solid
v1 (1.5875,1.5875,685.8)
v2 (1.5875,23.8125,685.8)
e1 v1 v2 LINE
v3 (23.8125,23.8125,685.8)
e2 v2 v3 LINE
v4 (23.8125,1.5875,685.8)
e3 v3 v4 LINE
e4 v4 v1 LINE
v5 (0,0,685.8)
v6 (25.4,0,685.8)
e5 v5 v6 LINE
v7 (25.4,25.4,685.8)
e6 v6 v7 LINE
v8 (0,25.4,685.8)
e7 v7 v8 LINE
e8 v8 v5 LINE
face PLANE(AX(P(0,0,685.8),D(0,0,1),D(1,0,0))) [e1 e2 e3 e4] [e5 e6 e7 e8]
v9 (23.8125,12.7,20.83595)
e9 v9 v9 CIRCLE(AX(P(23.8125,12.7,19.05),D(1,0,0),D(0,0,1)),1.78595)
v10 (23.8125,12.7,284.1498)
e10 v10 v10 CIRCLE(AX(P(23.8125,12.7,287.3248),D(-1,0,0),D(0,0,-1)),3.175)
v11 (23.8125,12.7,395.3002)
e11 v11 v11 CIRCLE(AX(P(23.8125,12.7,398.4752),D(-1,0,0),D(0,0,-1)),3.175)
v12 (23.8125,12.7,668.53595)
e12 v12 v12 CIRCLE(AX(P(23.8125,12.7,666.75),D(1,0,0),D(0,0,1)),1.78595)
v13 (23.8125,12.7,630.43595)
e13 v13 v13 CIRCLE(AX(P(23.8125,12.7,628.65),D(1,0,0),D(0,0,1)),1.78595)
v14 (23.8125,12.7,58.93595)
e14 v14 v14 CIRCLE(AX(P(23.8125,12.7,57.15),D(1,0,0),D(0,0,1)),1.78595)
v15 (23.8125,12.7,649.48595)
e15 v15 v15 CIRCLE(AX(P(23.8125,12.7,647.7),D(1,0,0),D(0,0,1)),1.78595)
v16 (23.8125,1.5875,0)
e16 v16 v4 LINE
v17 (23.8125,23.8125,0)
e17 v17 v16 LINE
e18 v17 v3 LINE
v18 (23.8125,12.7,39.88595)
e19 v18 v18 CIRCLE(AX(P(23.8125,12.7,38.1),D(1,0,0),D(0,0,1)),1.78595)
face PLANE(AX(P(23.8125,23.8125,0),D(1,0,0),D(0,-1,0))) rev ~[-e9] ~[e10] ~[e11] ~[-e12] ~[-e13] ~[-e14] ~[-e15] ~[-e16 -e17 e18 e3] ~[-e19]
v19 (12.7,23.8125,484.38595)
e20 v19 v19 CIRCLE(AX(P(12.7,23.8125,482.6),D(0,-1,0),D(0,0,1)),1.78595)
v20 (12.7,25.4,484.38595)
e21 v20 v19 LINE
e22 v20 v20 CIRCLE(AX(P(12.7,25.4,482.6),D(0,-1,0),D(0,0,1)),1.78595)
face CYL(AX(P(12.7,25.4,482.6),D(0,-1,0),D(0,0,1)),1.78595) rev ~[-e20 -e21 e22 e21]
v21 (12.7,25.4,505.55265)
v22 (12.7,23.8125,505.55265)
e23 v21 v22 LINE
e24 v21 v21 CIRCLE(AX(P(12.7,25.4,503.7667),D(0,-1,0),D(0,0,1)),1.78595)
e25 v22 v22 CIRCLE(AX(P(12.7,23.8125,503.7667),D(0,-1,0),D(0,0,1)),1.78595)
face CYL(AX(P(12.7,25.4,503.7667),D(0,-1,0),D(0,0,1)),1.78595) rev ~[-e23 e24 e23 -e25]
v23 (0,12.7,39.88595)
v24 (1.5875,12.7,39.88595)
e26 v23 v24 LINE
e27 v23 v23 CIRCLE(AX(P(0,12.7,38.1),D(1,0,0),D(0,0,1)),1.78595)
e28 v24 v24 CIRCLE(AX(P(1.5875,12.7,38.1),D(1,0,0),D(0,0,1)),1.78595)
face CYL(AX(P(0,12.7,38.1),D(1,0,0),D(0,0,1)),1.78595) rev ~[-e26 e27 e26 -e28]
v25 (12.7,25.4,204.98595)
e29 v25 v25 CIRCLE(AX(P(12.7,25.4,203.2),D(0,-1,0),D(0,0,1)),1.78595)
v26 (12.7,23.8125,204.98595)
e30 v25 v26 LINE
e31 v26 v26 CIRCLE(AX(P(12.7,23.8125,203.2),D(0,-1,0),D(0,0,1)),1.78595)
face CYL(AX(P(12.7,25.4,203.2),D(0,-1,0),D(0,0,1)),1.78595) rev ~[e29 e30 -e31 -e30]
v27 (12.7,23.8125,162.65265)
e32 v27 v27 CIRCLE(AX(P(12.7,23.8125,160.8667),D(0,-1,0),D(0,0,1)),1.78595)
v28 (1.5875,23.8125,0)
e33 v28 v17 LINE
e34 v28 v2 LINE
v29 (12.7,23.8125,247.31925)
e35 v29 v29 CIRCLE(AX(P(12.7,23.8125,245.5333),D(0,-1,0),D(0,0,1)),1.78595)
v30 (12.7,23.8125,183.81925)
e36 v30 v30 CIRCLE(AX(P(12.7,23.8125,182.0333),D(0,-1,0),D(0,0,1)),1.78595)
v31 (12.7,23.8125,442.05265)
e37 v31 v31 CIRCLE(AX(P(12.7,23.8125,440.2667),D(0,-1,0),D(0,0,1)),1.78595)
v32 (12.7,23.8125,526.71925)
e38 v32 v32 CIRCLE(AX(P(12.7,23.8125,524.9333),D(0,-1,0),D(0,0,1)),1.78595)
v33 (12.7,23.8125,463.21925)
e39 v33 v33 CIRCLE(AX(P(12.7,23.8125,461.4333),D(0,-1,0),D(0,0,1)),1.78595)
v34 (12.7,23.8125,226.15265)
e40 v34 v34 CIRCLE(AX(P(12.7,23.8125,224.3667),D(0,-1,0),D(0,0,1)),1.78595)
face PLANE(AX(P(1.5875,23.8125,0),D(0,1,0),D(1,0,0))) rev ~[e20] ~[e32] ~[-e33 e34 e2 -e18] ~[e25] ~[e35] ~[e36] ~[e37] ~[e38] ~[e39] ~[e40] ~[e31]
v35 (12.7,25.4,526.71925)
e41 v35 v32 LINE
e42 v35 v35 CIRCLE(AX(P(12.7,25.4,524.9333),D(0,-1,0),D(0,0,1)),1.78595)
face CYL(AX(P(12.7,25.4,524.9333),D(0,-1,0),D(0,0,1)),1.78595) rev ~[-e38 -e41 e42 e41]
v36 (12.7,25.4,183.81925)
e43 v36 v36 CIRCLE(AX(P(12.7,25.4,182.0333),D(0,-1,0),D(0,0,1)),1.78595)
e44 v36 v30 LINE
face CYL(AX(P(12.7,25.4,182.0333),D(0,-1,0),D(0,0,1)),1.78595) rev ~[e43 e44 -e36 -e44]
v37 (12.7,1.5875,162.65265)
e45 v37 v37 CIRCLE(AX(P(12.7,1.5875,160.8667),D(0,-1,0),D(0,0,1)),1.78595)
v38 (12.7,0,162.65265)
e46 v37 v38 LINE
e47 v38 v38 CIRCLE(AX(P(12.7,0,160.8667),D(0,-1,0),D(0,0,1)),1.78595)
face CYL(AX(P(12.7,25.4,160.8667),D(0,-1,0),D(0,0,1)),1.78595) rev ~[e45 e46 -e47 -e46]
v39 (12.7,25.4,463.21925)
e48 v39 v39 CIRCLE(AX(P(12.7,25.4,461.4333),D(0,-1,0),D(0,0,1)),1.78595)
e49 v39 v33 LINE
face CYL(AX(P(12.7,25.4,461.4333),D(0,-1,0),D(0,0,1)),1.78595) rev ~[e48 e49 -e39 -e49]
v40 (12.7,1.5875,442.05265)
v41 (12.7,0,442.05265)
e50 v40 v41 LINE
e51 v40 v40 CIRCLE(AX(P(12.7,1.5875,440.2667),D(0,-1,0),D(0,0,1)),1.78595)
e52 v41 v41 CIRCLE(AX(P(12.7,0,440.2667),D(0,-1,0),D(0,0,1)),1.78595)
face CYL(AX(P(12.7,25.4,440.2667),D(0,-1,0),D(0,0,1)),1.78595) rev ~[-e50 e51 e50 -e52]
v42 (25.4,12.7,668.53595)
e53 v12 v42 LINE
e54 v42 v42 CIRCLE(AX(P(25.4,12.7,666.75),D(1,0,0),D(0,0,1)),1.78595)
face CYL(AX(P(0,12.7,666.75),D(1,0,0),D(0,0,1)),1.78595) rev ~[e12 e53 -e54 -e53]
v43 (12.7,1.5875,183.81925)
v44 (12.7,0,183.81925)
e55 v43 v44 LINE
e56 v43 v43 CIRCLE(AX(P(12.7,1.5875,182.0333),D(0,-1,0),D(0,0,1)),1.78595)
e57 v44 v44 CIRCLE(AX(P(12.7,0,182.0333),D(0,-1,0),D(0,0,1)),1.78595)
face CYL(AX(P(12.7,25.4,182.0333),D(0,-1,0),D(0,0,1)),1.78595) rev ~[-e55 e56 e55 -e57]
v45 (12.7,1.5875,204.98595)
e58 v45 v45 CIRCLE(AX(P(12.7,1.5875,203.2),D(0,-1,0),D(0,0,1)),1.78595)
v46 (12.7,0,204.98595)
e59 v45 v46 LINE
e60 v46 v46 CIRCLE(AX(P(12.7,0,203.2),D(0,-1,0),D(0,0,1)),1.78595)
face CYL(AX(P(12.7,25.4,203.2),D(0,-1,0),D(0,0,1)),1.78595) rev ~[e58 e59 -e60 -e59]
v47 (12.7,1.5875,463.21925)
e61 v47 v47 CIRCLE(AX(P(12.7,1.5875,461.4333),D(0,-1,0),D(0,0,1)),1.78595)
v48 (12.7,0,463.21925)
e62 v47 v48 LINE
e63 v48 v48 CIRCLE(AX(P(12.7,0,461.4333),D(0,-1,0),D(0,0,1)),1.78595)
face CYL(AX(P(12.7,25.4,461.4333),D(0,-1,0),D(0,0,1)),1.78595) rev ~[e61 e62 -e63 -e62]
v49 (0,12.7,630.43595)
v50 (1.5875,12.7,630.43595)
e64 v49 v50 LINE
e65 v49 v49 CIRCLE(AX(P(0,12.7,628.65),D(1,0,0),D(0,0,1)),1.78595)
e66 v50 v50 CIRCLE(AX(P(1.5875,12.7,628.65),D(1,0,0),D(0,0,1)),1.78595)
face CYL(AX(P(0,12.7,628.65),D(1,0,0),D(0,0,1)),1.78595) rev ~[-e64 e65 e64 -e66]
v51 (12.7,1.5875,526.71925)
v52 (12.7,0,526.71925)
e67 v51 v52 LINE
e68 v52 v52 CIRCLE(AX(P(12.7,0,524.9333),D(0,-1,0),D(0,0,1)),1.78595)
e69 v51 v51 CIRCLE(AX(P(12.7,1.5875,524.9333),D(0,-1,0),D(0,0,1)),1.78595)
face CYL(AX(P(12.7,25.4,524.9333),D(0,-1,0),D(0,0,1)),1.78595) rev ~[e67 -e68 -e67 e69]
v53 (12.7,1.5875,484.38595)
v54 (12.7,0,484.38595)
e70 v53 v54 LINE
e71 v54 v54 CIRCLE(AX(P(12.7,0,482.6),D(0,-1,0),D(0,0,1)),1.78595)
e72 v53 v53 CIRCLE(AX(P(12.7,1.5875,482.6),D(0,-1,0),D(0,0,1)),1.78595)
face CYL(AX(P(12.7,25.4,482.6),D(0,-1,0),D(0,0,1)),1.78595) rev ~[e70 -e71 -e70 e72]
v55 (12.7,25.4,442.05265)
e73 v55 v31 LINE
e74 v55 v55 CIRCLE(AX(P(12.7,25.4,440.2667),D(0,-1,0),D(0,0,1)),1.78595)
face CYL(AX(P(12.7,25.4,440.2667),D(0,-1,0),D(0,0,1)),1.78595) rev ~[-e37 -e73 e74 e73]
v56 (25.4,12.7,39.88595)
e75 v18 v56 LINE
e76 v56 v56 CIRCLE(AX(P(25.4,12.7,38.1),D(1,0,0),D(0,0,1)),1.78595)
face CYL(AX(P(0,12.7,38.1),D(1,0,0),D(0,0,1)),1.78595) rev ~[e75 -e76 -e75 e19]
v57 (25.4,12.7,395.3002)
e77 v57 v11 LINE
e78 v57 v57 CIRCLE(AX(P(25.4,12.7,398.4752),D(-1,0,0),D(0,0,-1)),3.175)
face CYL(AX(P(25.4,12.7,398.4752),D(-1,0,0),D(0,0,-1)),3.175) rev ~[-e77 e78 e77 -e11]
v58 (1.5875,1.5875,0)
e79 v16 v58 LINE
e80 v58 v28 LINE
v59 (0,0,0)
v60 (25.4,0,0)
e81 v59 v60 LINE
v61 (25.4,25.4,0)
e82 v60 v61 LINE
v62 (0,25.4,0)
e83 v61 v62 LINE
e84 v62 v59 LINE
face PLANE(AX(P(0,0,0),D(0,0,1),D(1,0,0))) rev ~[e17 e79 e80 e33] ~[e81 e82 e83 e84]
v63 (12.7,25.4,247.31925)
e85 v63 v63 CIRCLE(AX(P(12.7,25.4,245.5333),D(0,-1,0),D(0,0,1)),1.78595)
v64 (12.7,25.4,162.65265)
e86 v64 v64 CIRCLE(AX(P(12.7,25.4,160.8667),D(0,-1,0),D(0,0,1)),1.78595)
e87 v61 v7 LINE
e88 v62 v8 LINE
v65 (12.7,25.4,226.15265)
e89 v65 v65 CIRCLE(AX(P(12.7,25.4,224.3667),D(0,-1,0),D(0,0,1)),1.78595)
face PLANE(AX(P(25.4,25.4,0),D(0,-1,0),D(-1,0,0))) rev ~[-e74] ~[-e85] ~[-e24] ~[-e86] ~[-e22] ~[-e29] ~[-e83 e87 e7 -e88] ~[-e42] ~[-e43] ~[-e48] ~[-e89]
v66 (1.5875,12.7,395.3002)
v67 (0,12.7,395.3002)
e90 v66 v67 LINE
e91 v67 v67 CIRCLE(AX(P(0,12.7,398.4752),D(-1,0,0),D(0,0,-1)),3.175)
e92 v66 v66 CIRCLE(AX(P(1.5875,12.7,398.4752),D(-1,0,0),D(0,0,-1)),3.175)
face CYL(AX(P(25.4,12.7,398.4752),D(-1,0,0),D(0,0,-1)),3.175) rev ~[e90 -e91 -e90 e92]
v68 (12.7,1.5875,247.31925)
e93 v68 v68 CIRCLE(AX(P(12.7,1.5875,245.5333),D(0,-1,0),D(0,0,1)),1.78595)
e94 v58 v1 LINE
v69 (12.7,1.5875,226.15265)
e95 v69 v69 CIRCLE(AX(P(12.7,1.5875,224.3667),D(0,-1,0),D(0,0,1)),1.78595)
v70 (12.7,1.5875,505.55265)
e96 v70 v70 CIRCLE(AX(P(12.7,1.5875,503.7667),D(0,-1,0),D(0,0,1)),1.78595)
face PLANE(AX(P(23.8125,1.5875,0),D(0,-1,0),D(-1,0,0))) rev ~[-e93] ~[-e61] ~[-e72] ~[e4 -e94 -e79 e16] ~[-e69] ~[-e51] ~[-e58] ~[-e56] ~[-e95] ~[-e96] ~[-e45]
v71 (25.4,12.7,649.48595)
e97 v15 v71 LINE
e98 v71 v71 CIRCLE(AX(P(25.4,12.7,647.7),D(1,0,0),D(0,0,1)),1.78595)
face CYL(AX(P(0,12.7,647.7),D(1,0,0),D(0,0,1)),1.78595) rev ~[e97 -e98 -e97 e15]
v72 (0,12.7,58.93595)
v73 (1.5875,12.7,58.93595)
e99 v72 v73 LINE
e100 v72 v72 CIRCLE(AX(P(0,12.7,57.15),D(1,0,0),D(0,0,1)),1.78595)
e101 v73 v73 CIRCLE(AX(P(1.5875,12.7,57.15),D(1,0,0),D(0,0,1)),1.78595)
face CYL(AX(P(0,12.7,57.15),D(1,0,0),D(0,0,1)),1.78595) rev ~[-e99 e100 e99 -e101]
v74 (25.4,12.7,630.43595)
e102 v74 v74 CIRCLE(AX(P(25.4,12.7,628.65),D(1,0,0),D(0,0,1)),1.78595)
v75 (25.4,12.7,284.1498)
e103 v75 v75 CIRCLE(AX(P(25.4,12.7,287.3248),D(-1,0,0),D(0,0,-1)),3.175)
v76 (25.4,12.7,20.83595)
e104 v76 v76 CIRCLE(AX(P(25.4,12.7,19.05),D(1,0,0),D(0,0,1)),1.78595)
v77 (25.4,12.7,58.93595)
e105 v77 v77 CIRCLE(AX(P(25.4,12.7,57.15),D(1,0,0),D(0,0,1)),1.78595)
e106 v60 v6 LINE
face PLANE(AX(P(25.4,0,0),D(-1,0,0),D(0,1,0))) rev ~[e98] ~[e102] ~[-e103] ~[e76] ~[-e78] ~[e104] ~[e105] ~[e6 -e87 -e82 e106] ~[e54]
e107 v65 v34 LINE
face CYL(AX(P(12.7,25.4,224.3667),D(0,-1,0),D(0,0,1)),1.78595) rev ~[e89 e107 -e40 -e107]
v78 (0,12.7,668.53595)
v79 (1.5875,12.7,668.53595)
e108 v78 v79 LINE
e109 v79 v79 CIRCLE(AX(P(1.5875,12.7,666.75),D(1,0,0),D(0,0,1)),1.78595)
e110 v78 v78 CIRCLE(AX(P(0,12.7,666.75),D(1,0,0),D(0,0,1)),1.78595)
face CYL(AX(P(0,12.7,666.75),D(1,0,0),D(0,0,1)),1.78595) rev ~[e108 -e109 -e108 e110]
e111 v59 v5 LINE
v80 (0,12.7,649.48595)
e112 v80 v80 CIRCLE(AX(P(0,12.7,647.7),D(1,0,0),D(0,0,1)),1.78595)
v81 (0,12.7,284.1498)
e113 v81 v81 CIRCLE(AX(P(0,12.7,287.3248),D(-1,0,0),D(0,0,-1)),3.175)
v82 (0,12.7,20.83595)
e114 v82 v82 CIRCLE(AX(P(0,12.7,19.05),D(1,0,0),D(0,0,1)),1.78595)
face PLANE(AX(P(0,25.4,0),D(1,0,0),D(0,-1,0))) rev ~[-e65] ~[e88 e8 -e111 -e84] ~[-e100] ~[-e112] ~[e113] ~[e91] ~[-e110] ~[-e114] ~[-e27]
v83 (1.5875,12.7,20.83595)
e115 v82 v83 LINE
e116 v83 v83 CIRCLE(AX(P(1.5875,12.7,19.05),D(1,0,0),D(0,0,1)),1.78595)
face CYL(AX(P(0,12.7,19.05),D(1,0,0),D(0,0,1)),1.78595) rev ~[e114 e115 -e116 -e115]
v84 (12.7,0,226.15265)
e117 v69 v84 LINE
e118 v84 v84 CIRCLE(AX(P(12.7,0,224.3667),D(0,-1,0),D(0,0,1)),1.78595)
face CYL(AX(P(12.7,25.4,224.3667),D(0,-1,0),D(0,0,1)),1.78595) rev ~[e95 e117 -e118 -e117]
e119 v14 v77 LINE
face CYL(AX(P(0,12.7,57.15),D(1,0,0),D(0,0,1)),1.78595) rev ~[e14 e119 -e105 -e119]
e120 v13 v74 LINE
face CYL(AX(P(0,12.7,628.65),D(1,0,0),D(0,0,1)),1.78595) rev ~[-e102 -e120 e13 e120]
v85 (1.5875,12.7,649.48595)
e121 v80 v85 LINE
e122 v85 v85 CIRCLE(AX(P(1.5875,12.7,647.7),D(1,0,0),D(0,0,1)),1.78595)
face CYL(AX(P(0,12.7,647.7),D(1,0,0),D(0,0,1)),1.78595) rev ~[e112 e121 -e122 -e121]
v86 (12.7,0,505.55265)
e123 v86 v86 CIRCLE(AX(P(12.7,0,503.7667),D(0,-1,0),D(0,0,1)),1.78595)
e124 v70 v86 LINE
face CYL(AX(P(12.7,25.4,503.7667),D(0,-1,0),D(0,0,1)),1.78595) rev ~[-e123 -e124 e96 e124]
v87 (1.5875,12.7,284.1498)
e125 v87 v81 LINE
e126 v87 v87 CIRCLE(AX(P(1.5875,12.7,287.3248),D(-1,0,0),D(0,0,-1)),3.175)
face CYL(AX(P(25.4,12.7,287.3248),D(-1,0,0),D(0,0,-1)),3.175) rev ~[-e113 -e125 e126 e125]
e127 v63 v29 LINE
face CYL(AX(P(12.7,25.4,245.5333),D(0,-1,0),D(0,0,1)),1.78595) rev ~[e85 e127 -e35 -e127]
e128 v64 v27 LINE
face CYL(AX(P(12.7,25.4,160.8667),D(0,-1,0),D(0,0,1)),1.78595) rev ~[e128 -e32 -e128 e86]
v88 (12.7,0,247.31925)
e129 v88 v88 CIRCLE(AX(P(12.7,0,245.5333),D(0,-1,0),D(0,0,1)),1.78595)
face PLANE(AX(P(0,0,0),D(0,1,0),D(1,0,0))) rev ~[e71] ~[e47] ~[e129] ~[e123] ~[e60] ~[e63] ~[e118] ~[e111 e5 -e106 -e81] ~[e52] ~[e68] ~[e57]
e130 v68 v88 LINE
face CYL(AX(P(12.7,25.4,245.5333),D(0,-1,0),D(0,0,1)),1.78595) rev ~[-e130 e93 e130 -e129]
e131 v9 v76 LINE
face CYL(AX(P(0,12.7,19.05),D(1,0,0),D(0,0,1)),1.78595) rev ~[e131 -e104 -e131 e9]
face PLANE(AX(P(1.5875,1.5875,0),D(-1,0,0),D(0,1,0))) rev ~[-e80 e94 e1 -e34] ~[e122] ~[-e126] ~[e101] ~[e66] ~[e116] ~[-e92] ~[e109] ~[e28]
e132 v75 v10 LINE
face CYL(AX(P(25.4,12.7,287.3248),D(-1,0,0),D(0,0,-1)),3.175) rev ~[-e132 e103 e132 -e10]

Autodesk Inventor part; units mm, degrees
ref_plane "YZ Plane" through (0, 0, 0) normal (1, 0, 0) x (0, 1, 0)
ref_plane "XZ Plane" through (0, 0, 0) normal (0, 1, 0) x (-1, 0, 0)
ref_plane "XY Plane" through (0, 0, 0) normal (0, 0, 1) x (1, 0, 0)
sketch "profile_sketch" plane through (0, 0, 0) normal (0, 0, 1) x (1, 0, 0)
  line L0 (0, 0) -> (25.4, 0)
  line L1 (25.4, 0) -> (25.4, 25.4)
  line L2 (25.4, 25.4) -> (0, 25.4)
  line L3 (0, 25.4) -> (0, 0)
  line L4 (1.5875, 23.8125) -> (23.8125, 23.8125)
  line L5 (23.8125, 23.8125) -> (23.8125, 1.5875)
  line L6 (23.8125, 1.5875) -> (1.5875, 1.5875)
  line L7 (1.5875, 1.5875) -> (1.5875, 23.8125)
  dimension "d0" = 25.4
  dimension "d1" = 25.4
  dimension "d2" = 1.5875
  dimension "d3" = 1.5875
  dimension "d4" = 1.5875
  dimension "d5" = 1.5875
extrude "profile_extrusion" add sketch "profile_sketch" along normal blind 685.8
sketch "gbmh_sketch" plane through (25.4, 0, 0) normal (1, 0, 0) x (0, 0, -1)
  line L0 (-685.8, 0) -> (-685.8, 25.4) construction
  line L1 (-685.8, 12.7) -> (-342.9, 12.7) construction
  line L2 (-342.9, 12.7) -> (0, 12.7) construction
  line L3 (0, 25.4) -> (0, 0) construction
  line L4 (-342.9, 12.7) -> (-342.9, 25.4) construction
  line L5 (0, 25.4) -> (-685.8, 25.4) construction
  line L6 (-342.9, 12.7) -> (-342.9, 0) construction
  point P0 (-398.4752, 12.7)
  point P1 (-287.3248, 12.7)
  dimension "d8" = 55.5752
hole "gbmh" at (25.4, 12.7, 398.4752) at (25.4, 12.7, 287.3248) direction (-1, 0, 0) diameter 6.35 depth 25.4 tip angle 118
sketch "side_rivet_holes_sketch" plane through (0, 0, 0) normal (-1, 0, 0) x (0, 0, 1)
  line L0 (0, 25.4) -> (0, 0) construction
  line L1 (0, 12.7) -> (342.9, 12.7) construction
  line L2 (0, 1.5875) -> (685.8, 1.5875) construction
  line L3 (342.9, 12.7) -> (685.8, 12.7) construction
  line L4 (685.8, 25.4) -> (685.8, 0) construction
  line L5 (342.9, 12.7) -> (342.9, 25.4) construction
  line L6 (342.9, 12.7) -> (342.9, 0) construction
  line L7 (0, 0) -> (685.8, 0) construction
  point P0 (19.05, 12.7)
  point P1 (38.1, 12.7)
  point P2 (57.15, 12.7)
  point P3 (628.65, 12.7)
  point P4 (647.7, 12.7)
  point P5 (666.75, 12.7)
  dimension "d21" = 19.05
  dimension "d22" = 19.05
  dimension "d35" = 19.05
  dimension "d36" = 19.05
  dimension "d45" = 19.05
  dimension "d46" = 19.05
hole "side_rivet_holes" at (0, 12.7, 19.05) at (0, 12.7, 38.1) at (0, 12.7, 57.15) at (0, 12.7, 628.65) at (0, 12.7, 647.7) at (0, 12.7, 666.75) direction (1, 0, 0) diameter 3.5719 depth 25.4 tip angle 118
sketch "crossbar_rivet_holes_sketch" plane through (0, 25.4, 0) normal (0, 1, 0) x (1, 0, 0)
  line L0 (0, 0) -> (0, -685.8) projected
  line L1 (25.4, 0) -> (25.4, -685.8) projected
  line L2 (25.4, -139.7) -> (0, -139.7) construction
  line L3 (25.4, -266.7) -> (0, -266.7) construction
  line L4 (25.4, -419.1) -> (0, -419.1) construction
  line L5 (0, 0) -> (0, -685.8) projected
  line L6 (25.4, -546.1) -> (0, -546.1) construction
  line L7 (25.4, 0) -> (0, 0) projected
  line L8 (25.4, -685.8) -> (0, -685.8) projected
  line L9 (12.7, -139.7) -> (12.7, -160.8667) construction
  line L10 (12.7, -160.8667) -> (12.7, -182.0333) construction
  line L11 (12.7, -182.0333) -> (12.7, -203.2) construction
  line L12 (12.7, -203.2) -> (12.7, -224.3667) construction
  line L13 (12.7, -224.3667) -> (12.7, -245.5333) construction
  line L14 (12.7, -245.5333) -> (12.7, -266.7) construction
  line L15 (12.7, -419.1) -> (12.7, -440.2667) construction
  line L16 (12.7, -440.2667) -> (12.7, -461.4333) construction
  line L17 (12.7, -461.4333) -> (12.7, -482.6) construction
  line L18 (12.7, -482.6) -> (12.7, -503.7667) construction
  line L19 (12.7, -503.7667) -> (12.7, -524.9333) construction
  line L20 (12.7, -524.9333) -> (12.7, -546.1) construction
  dimension "d48" = 127
  dimension "d49" = 127
  dimension "d52" = 203.2
  dimension "d53" = 203.2
hole "tb_rivet_holes" at (12.7, 25.4, 160.8667) at (12.7, 25.4, 182.0333) at (12.7, 25.4, 203.2) at (12.7, 25.4, 224.3667) at (12.7, 25.4, 245.5333) at (12.7, 25.4, 440.2667) at (12.7, 25.4, 461.4333) at (12.7, 25.4, 482.6) at (12.7, 25.4, 503.7667) at (12.7, 25.4, 524.9333) direction (0, -1, 0) diameter 3.5719 depth 25.4 tip angle 118
equation "\"d0\" = st_outer_diameter"
equation "\"d1\" = st_outer_diameter"
equation "\"d2\" = st_wall_thickness"
equation "\"d3\" = st_wall_thickness"
equation "\"d4\" = st_wall_thickness"
equation "\"d5\" = st_wall_thickness"
equation "\"d6\" = st_length"
equation "\"d14\" = gb_mh_diameter"
equation "\"d21\" = st_rivet_distance"
equation "\"d22\" = st_rivet_distance"
equation "\"d35\" = st_rivet_distance"
equation "\"d36\" = st_rivet_distance"
equation "\"d45\" = st_rivet_distance"
equation "\"d46\" = st_rivet_distance"
equation "\"d38\" = rv_hole_diameter"
equation "\"d48\" = tb_rivet_row_length"
equation "\"d49\" = tb_rivet_row_length"
equation "\"d52\" = st_cutout_depth_right"
equation "\"d53\" = st_cutout_depth_left"
equation "\"d54\" = rv_hole_diameter"
equation "\"gb_mh_seperation\" = 111.1504"
equation "\"st_outer_diameter\" = 25.4"
equation "\"st_inner_diameter\" = 6.35"
equation "\"st_wall_thickness\" = 1.5875"
equation "\"st_length\" = 685.8"
equation "\"st_gbmh_from_center\" = 0.5 * gb_mh_seperation"
equation "\"st_cutout_depth\" = 254"
equation "\"st_rivet_distance\" = 19.05"
equation "\"gb_mh_diameter\" = 6.35"
equation "\"rv_hole_diameter\" = 3.57187"
equation "\"st_cutout_depth_right\" = 203.2"
equation "\"st_cutout_depth_left\" = 203.2"
equation "\"gb_width\" = 127"
equation "\"gb_axle_from_edge\" = 38.1"
equation "\"gb_bearing_diameter\" = 28.575"
equation "\"gb_to_bottom_of_side_assembly\" = 4.7752"
equation "\"tb_rivet_row_length\" = 127"
equation "\"tb_metal_thickness\" = 3.048"
equation "\"tb_hm_mounting_slot_length\" = 40.64"
equation "\"gb_mh_seperation_alt\" = 111.125"
equation "\"gb_axle_from_edge_alt\" = 43.1546"
properties part number "sidetube(st" material "Aluminum 6061"
